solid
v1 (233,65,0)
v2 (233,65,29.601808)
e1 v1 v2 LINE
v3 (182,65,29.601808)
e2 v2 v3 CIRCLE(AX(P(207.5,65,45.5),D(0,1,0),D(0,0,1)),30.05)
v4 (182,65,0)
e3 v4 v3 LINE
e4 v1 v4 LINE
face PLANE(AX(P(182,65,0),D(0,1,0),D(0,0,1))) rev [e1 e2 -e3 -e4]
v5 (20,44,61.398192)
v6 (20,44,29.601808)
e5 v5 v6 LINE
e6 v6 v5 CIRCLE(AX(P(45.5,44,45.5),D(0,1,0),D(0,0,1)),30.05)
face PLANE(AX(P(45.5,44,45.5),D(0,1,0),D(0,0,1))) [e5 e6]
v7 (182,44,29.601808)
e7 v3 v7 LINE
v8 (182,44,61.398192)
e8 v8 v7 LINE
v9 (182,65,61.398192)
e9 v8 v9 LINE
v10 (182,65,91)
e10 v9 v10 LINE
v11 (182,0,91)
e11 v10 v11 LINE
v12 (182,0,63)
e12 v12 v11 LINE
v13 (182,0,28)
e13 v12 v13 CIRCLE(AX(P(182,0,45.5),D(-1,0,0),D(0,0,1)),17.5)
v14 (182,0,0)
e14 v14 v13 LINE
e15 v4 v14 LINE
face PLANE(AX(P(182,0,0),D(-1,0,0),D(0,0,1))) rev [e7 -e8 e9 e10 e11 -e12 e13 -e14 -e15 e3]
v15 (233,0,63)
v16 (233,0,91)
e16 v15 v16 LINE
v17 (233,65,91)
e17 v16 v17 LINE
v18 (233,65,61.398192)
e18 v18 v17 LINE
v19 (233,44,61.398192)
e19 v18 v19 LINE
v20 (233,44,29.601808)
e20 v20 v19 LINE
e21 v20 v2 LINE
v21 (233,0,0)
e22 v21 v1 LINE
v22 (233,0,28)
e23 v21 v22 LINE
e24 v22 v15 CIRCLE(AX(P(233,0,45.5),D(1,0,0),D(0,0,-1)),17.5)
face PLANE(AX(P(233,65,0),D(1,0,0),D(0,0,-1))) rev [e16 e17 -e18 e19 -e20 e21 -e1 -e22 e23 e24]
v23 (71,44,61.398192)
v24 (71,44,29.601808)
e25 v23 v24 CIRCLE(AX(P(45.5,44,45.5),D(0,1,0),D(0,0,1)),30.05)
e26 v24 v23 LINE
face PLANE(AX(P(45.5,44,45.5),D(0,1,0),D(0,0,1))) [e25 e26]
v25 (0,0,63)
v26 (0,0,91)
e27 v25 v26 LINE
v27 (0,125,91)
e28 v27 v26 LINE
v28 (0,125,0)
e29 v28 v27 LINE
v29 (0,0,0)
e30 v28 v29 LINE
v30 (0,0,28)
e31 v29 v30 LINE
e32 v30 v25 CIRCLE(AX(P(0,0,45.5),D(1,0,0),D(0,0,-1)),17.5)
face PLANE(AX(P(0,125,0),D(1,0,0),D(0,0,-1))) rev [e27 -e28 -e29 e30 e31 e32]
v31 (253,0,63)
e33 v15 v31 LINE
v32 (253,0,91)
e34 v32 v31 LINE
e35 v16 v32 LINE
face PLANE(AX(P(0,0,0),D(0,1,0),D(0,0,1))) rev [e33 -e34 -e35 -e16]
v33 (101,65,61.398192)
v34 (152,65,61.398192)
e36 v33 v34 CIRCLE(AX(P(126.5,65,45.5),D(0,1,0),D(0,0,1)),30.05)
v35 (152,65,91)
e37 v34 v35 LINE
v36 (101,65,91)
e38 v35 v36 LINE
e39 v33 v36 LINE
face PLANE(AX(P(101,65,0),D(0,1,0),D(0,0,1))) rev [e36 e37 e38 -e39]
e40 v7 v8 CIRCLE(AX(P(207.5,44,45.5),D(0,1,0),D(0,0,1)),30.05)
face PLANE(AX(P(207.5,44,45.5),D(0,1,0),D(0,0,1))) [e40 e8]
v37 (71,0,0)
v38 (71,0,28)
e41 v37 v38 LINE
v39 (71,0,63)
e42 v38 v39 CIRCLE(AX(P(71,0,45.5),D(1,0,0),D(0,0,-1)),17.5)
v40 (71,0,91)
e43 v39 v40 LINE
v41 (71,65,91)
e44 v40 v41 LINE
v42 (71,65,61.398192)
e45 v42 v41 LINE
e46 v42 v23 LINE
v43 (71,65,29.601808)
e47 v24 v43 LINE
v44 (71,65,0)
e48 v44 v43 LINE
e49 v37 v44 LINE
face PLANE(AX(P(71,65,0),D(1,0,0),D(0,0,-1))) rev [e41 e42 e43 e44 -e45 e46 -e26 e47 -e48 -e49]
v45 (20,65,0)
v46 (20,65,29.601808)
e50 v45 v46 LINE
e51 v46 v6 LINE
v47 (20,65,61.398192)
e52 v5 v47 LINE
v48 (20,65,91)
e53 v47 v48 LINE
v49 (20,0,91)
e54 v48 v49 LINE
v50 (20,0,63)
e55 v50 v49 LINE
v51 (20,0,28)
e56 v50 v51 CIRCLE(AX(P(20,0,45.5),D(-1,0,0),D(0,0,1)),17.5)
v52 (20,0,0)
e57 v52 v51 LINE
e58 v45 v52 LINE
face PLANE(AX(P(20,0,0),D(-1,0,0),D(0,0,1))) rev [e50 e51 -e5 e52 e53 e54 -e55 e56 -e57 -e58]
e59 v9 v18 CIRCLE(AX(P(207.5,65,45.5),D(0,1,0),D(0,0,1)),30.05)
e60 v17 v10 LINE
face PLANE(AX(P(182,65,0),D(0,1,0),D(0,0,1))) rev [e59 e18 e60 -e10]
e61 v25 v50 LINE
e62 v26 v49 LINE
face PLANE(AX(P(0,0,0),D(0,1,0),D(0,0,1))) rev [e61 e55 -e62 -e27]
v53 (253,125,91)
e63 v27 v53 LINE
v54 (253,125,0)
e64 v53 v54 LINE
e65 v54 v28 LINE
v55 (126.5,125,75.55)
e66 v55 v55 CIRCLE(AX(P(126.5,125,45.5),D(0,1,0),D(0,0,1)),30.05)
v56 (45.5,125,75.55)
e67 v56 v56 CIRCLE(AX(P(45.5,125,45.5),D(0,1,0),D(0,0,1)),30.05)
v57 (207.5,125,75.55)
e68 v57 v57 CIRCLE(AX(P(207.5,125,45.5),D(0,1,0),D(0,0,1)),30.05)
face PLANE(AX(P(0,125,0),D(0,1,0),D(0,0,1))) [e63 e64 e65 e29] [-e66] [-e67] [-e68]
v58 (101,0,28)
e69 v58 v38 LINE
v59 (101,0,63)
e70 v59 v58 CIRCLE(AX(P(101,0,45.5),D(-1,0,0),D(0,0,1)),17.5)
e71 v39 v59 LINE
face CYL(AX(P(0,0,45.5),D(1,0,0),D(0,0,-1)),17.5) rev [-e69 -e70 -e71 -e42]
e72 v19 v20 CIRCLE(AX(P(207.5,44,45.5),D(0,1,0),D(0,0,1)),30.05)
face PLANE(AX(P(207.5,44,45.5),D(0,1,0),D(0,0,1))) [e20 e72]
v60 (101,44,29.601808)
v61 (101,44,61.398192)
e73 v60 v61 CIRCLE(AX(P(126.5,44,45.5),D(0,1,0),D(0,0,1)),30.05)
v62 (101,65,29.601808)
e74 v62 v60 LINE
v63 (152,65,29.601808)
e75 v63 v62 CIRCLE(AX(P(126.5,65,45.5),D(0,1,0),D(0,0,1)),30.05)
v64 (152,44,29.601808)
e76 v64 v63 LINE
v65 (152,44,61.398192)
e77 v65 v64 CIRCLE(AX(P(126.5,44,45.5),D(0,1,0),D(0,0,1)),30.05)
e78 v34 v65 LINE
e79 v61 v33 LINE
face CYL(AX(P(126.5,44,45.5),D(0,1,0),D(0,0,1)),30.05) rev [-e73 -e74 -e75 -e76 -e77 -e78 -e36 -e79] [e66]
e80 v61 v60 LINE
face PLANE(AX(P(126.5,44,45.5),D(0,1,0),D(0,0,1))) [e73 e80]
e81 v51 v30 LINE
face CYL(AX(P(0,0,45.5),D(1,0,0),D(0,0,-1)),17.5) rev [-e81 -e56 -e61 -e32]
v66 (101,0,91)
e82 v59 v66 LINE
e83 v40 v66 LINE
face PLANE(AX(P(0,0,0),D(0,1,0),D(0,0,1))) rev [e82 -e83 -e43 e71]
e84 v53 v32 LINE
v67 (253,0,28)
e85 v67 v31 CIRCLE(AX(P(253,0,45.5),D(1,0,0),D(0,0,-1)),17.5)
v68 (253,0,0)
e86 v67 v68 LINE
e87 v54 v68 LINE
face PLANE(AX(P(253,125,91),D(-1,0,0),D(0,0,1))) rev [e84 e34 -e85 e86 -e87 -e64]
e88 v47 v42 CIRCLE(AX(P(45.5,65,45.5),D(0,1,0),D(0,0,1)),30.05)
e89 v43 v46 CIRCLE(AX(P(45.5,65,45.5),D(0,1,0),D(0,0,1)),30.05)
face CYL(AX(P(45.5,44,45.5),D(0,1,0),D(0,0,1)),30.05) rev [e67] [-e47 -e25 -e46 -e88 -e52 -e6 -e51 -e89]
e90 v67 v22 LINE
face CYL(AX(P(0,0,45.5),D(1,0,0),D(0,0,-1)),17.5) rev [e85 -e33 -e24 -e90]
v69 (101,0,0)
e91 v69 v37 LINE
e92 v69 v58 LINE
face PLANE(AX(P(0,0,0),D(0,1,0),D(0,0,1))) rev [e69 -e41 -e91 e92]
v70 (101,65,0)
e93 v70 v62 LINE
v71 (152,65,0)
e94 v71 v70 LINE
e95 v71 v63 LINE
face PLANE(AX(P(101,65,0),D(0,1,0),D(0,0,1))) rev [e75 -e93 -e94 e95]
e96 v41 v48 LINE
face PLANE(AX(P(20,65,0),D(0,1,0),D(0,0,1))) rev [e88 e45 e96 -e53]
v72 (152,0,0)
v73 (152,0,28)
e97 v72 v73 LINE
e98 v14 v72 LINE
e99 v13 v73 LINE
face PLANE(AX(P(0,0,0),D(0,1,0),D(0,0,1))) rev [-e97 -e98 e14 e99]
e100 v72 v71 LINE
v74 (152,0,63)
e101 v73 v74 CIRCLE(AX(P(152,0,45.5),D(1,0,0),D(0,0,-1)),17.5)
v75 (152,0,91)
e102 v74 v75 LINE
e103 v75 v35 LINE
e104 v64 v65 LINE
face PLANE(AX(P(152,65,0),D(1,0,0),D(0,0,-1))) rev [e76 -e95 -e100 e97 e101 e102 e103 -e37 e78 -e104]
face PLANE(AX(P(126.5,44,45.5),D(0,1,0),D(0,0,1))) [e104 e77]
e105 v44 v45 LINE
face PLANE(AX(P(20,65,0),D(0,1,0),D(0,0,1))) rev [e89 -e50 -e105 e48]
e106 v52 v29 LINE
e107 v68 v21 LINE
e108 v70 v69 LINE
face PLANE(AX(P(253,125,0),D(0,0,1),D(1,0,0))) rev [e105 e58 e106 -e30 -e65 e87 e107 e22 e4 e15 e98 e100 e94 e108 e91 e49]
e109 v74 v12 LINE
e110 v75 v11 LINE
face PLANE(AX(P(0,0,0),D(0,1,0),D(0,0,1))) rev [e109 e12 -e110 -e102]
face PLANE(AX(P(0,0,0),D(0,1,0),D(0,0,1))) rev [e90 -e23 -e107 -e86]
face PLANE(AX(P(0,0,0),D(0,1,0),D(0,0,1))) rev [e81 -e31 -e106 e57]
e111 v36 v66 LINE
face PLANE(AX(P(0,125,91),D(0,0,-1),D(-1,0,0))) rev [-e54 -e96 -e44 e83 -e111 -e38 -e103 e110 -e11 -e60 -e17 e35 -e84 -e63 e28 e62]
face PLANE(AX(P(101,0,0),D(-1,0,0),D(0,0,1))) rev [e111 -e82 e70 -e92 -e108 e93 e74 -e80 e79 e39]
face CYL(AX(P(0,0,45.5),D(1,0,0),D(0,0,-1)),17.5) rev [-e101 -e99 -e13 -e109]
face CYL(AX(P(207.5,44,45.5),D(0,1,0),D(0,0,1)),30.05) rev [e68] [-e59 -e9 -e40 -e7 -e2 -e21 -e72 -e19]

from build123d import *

# Parameters (mm, degrees)
SKETCH1_W           = 253
SKETCH1_H           = 91
BOSS_EXTRUDE1_DEPTH = 125
SKETCH2_W           = 51
SKETCH2_H           = 65
CUT_EXTRUDE1_DEPTH  = 92
SKETCH3_R           = 30.05
CUT_EXTRUDE2_DEPTH  = 81
SKETCH4_R           = 17.5
CUT_EXTRUDE3_DEPTH  = 254


with BuildPart() as part:
    # Sketch1 → Boss-Extrude1 (new body)
    with BuildSketch(Plane(origin=(0, 0, 0), x_dir=(1, 0, 0), z_dir=(0, 1, 0))):
        with Locations((126.5, -45.5)):
            Rectangle(SKETCH1_W, SKETCH1_H)
    extrude(amount=BOSS_EXTRUDE1_DEPTH)

    # Sketch2 → Cut-Extrude1 (cut, through all)
    with BuildSketch(Plane.XY.offset(91)):
        with Locations((45.5, 32.5)):
            Rectangle(SKETCH2_W, SKETCH2_H)
        with Locations((126.5, 32.5)):
            Rectangle(SKETCH2_W, SKETCH2_H)
        with Locations((207.5, 32.5)):
            Rectangle(SKETCH2_W, SKETCH2_H)
    extrude(amount=-CUT_EXTRUDE1_DEPTH, mode=Mode.SUBTRACT)

    # Sketch3 → Cut-Extrude2 (cut)
    with BuildSketch(Plane(origin=(0, 125, 0), x_dir=(1, 0, 0), z_dir=(0, 1, 0))):
        with Locations((45.5, -45.5)):
            Circle(SKETCH3_R)
        with Locations((126.5, -45.5)):
            Circle(SKETCH3_R)
        with Locations((207.5, -45.5)):
            Circle(SKETCH3_R)
    extrude(amount=-CUT_EXTRUDE2_DEPTH, mode=Mode.SUBTRACT)

    # Sketch4 → Cut-Extrude3 (cut, through all)
    with BuildSketch(Plane(origin=(253, 0, 0), x_dir=(0, 0, -1), z_dir=(1, 0, 0))):
        with Locations((-45.5, 0)):
            Circle(SKETCH4_R)
    extrude(amount=-CUT_EXTRUDE3_DEPTH, mode=Mode.SUBTRACT)


solid = part.part
